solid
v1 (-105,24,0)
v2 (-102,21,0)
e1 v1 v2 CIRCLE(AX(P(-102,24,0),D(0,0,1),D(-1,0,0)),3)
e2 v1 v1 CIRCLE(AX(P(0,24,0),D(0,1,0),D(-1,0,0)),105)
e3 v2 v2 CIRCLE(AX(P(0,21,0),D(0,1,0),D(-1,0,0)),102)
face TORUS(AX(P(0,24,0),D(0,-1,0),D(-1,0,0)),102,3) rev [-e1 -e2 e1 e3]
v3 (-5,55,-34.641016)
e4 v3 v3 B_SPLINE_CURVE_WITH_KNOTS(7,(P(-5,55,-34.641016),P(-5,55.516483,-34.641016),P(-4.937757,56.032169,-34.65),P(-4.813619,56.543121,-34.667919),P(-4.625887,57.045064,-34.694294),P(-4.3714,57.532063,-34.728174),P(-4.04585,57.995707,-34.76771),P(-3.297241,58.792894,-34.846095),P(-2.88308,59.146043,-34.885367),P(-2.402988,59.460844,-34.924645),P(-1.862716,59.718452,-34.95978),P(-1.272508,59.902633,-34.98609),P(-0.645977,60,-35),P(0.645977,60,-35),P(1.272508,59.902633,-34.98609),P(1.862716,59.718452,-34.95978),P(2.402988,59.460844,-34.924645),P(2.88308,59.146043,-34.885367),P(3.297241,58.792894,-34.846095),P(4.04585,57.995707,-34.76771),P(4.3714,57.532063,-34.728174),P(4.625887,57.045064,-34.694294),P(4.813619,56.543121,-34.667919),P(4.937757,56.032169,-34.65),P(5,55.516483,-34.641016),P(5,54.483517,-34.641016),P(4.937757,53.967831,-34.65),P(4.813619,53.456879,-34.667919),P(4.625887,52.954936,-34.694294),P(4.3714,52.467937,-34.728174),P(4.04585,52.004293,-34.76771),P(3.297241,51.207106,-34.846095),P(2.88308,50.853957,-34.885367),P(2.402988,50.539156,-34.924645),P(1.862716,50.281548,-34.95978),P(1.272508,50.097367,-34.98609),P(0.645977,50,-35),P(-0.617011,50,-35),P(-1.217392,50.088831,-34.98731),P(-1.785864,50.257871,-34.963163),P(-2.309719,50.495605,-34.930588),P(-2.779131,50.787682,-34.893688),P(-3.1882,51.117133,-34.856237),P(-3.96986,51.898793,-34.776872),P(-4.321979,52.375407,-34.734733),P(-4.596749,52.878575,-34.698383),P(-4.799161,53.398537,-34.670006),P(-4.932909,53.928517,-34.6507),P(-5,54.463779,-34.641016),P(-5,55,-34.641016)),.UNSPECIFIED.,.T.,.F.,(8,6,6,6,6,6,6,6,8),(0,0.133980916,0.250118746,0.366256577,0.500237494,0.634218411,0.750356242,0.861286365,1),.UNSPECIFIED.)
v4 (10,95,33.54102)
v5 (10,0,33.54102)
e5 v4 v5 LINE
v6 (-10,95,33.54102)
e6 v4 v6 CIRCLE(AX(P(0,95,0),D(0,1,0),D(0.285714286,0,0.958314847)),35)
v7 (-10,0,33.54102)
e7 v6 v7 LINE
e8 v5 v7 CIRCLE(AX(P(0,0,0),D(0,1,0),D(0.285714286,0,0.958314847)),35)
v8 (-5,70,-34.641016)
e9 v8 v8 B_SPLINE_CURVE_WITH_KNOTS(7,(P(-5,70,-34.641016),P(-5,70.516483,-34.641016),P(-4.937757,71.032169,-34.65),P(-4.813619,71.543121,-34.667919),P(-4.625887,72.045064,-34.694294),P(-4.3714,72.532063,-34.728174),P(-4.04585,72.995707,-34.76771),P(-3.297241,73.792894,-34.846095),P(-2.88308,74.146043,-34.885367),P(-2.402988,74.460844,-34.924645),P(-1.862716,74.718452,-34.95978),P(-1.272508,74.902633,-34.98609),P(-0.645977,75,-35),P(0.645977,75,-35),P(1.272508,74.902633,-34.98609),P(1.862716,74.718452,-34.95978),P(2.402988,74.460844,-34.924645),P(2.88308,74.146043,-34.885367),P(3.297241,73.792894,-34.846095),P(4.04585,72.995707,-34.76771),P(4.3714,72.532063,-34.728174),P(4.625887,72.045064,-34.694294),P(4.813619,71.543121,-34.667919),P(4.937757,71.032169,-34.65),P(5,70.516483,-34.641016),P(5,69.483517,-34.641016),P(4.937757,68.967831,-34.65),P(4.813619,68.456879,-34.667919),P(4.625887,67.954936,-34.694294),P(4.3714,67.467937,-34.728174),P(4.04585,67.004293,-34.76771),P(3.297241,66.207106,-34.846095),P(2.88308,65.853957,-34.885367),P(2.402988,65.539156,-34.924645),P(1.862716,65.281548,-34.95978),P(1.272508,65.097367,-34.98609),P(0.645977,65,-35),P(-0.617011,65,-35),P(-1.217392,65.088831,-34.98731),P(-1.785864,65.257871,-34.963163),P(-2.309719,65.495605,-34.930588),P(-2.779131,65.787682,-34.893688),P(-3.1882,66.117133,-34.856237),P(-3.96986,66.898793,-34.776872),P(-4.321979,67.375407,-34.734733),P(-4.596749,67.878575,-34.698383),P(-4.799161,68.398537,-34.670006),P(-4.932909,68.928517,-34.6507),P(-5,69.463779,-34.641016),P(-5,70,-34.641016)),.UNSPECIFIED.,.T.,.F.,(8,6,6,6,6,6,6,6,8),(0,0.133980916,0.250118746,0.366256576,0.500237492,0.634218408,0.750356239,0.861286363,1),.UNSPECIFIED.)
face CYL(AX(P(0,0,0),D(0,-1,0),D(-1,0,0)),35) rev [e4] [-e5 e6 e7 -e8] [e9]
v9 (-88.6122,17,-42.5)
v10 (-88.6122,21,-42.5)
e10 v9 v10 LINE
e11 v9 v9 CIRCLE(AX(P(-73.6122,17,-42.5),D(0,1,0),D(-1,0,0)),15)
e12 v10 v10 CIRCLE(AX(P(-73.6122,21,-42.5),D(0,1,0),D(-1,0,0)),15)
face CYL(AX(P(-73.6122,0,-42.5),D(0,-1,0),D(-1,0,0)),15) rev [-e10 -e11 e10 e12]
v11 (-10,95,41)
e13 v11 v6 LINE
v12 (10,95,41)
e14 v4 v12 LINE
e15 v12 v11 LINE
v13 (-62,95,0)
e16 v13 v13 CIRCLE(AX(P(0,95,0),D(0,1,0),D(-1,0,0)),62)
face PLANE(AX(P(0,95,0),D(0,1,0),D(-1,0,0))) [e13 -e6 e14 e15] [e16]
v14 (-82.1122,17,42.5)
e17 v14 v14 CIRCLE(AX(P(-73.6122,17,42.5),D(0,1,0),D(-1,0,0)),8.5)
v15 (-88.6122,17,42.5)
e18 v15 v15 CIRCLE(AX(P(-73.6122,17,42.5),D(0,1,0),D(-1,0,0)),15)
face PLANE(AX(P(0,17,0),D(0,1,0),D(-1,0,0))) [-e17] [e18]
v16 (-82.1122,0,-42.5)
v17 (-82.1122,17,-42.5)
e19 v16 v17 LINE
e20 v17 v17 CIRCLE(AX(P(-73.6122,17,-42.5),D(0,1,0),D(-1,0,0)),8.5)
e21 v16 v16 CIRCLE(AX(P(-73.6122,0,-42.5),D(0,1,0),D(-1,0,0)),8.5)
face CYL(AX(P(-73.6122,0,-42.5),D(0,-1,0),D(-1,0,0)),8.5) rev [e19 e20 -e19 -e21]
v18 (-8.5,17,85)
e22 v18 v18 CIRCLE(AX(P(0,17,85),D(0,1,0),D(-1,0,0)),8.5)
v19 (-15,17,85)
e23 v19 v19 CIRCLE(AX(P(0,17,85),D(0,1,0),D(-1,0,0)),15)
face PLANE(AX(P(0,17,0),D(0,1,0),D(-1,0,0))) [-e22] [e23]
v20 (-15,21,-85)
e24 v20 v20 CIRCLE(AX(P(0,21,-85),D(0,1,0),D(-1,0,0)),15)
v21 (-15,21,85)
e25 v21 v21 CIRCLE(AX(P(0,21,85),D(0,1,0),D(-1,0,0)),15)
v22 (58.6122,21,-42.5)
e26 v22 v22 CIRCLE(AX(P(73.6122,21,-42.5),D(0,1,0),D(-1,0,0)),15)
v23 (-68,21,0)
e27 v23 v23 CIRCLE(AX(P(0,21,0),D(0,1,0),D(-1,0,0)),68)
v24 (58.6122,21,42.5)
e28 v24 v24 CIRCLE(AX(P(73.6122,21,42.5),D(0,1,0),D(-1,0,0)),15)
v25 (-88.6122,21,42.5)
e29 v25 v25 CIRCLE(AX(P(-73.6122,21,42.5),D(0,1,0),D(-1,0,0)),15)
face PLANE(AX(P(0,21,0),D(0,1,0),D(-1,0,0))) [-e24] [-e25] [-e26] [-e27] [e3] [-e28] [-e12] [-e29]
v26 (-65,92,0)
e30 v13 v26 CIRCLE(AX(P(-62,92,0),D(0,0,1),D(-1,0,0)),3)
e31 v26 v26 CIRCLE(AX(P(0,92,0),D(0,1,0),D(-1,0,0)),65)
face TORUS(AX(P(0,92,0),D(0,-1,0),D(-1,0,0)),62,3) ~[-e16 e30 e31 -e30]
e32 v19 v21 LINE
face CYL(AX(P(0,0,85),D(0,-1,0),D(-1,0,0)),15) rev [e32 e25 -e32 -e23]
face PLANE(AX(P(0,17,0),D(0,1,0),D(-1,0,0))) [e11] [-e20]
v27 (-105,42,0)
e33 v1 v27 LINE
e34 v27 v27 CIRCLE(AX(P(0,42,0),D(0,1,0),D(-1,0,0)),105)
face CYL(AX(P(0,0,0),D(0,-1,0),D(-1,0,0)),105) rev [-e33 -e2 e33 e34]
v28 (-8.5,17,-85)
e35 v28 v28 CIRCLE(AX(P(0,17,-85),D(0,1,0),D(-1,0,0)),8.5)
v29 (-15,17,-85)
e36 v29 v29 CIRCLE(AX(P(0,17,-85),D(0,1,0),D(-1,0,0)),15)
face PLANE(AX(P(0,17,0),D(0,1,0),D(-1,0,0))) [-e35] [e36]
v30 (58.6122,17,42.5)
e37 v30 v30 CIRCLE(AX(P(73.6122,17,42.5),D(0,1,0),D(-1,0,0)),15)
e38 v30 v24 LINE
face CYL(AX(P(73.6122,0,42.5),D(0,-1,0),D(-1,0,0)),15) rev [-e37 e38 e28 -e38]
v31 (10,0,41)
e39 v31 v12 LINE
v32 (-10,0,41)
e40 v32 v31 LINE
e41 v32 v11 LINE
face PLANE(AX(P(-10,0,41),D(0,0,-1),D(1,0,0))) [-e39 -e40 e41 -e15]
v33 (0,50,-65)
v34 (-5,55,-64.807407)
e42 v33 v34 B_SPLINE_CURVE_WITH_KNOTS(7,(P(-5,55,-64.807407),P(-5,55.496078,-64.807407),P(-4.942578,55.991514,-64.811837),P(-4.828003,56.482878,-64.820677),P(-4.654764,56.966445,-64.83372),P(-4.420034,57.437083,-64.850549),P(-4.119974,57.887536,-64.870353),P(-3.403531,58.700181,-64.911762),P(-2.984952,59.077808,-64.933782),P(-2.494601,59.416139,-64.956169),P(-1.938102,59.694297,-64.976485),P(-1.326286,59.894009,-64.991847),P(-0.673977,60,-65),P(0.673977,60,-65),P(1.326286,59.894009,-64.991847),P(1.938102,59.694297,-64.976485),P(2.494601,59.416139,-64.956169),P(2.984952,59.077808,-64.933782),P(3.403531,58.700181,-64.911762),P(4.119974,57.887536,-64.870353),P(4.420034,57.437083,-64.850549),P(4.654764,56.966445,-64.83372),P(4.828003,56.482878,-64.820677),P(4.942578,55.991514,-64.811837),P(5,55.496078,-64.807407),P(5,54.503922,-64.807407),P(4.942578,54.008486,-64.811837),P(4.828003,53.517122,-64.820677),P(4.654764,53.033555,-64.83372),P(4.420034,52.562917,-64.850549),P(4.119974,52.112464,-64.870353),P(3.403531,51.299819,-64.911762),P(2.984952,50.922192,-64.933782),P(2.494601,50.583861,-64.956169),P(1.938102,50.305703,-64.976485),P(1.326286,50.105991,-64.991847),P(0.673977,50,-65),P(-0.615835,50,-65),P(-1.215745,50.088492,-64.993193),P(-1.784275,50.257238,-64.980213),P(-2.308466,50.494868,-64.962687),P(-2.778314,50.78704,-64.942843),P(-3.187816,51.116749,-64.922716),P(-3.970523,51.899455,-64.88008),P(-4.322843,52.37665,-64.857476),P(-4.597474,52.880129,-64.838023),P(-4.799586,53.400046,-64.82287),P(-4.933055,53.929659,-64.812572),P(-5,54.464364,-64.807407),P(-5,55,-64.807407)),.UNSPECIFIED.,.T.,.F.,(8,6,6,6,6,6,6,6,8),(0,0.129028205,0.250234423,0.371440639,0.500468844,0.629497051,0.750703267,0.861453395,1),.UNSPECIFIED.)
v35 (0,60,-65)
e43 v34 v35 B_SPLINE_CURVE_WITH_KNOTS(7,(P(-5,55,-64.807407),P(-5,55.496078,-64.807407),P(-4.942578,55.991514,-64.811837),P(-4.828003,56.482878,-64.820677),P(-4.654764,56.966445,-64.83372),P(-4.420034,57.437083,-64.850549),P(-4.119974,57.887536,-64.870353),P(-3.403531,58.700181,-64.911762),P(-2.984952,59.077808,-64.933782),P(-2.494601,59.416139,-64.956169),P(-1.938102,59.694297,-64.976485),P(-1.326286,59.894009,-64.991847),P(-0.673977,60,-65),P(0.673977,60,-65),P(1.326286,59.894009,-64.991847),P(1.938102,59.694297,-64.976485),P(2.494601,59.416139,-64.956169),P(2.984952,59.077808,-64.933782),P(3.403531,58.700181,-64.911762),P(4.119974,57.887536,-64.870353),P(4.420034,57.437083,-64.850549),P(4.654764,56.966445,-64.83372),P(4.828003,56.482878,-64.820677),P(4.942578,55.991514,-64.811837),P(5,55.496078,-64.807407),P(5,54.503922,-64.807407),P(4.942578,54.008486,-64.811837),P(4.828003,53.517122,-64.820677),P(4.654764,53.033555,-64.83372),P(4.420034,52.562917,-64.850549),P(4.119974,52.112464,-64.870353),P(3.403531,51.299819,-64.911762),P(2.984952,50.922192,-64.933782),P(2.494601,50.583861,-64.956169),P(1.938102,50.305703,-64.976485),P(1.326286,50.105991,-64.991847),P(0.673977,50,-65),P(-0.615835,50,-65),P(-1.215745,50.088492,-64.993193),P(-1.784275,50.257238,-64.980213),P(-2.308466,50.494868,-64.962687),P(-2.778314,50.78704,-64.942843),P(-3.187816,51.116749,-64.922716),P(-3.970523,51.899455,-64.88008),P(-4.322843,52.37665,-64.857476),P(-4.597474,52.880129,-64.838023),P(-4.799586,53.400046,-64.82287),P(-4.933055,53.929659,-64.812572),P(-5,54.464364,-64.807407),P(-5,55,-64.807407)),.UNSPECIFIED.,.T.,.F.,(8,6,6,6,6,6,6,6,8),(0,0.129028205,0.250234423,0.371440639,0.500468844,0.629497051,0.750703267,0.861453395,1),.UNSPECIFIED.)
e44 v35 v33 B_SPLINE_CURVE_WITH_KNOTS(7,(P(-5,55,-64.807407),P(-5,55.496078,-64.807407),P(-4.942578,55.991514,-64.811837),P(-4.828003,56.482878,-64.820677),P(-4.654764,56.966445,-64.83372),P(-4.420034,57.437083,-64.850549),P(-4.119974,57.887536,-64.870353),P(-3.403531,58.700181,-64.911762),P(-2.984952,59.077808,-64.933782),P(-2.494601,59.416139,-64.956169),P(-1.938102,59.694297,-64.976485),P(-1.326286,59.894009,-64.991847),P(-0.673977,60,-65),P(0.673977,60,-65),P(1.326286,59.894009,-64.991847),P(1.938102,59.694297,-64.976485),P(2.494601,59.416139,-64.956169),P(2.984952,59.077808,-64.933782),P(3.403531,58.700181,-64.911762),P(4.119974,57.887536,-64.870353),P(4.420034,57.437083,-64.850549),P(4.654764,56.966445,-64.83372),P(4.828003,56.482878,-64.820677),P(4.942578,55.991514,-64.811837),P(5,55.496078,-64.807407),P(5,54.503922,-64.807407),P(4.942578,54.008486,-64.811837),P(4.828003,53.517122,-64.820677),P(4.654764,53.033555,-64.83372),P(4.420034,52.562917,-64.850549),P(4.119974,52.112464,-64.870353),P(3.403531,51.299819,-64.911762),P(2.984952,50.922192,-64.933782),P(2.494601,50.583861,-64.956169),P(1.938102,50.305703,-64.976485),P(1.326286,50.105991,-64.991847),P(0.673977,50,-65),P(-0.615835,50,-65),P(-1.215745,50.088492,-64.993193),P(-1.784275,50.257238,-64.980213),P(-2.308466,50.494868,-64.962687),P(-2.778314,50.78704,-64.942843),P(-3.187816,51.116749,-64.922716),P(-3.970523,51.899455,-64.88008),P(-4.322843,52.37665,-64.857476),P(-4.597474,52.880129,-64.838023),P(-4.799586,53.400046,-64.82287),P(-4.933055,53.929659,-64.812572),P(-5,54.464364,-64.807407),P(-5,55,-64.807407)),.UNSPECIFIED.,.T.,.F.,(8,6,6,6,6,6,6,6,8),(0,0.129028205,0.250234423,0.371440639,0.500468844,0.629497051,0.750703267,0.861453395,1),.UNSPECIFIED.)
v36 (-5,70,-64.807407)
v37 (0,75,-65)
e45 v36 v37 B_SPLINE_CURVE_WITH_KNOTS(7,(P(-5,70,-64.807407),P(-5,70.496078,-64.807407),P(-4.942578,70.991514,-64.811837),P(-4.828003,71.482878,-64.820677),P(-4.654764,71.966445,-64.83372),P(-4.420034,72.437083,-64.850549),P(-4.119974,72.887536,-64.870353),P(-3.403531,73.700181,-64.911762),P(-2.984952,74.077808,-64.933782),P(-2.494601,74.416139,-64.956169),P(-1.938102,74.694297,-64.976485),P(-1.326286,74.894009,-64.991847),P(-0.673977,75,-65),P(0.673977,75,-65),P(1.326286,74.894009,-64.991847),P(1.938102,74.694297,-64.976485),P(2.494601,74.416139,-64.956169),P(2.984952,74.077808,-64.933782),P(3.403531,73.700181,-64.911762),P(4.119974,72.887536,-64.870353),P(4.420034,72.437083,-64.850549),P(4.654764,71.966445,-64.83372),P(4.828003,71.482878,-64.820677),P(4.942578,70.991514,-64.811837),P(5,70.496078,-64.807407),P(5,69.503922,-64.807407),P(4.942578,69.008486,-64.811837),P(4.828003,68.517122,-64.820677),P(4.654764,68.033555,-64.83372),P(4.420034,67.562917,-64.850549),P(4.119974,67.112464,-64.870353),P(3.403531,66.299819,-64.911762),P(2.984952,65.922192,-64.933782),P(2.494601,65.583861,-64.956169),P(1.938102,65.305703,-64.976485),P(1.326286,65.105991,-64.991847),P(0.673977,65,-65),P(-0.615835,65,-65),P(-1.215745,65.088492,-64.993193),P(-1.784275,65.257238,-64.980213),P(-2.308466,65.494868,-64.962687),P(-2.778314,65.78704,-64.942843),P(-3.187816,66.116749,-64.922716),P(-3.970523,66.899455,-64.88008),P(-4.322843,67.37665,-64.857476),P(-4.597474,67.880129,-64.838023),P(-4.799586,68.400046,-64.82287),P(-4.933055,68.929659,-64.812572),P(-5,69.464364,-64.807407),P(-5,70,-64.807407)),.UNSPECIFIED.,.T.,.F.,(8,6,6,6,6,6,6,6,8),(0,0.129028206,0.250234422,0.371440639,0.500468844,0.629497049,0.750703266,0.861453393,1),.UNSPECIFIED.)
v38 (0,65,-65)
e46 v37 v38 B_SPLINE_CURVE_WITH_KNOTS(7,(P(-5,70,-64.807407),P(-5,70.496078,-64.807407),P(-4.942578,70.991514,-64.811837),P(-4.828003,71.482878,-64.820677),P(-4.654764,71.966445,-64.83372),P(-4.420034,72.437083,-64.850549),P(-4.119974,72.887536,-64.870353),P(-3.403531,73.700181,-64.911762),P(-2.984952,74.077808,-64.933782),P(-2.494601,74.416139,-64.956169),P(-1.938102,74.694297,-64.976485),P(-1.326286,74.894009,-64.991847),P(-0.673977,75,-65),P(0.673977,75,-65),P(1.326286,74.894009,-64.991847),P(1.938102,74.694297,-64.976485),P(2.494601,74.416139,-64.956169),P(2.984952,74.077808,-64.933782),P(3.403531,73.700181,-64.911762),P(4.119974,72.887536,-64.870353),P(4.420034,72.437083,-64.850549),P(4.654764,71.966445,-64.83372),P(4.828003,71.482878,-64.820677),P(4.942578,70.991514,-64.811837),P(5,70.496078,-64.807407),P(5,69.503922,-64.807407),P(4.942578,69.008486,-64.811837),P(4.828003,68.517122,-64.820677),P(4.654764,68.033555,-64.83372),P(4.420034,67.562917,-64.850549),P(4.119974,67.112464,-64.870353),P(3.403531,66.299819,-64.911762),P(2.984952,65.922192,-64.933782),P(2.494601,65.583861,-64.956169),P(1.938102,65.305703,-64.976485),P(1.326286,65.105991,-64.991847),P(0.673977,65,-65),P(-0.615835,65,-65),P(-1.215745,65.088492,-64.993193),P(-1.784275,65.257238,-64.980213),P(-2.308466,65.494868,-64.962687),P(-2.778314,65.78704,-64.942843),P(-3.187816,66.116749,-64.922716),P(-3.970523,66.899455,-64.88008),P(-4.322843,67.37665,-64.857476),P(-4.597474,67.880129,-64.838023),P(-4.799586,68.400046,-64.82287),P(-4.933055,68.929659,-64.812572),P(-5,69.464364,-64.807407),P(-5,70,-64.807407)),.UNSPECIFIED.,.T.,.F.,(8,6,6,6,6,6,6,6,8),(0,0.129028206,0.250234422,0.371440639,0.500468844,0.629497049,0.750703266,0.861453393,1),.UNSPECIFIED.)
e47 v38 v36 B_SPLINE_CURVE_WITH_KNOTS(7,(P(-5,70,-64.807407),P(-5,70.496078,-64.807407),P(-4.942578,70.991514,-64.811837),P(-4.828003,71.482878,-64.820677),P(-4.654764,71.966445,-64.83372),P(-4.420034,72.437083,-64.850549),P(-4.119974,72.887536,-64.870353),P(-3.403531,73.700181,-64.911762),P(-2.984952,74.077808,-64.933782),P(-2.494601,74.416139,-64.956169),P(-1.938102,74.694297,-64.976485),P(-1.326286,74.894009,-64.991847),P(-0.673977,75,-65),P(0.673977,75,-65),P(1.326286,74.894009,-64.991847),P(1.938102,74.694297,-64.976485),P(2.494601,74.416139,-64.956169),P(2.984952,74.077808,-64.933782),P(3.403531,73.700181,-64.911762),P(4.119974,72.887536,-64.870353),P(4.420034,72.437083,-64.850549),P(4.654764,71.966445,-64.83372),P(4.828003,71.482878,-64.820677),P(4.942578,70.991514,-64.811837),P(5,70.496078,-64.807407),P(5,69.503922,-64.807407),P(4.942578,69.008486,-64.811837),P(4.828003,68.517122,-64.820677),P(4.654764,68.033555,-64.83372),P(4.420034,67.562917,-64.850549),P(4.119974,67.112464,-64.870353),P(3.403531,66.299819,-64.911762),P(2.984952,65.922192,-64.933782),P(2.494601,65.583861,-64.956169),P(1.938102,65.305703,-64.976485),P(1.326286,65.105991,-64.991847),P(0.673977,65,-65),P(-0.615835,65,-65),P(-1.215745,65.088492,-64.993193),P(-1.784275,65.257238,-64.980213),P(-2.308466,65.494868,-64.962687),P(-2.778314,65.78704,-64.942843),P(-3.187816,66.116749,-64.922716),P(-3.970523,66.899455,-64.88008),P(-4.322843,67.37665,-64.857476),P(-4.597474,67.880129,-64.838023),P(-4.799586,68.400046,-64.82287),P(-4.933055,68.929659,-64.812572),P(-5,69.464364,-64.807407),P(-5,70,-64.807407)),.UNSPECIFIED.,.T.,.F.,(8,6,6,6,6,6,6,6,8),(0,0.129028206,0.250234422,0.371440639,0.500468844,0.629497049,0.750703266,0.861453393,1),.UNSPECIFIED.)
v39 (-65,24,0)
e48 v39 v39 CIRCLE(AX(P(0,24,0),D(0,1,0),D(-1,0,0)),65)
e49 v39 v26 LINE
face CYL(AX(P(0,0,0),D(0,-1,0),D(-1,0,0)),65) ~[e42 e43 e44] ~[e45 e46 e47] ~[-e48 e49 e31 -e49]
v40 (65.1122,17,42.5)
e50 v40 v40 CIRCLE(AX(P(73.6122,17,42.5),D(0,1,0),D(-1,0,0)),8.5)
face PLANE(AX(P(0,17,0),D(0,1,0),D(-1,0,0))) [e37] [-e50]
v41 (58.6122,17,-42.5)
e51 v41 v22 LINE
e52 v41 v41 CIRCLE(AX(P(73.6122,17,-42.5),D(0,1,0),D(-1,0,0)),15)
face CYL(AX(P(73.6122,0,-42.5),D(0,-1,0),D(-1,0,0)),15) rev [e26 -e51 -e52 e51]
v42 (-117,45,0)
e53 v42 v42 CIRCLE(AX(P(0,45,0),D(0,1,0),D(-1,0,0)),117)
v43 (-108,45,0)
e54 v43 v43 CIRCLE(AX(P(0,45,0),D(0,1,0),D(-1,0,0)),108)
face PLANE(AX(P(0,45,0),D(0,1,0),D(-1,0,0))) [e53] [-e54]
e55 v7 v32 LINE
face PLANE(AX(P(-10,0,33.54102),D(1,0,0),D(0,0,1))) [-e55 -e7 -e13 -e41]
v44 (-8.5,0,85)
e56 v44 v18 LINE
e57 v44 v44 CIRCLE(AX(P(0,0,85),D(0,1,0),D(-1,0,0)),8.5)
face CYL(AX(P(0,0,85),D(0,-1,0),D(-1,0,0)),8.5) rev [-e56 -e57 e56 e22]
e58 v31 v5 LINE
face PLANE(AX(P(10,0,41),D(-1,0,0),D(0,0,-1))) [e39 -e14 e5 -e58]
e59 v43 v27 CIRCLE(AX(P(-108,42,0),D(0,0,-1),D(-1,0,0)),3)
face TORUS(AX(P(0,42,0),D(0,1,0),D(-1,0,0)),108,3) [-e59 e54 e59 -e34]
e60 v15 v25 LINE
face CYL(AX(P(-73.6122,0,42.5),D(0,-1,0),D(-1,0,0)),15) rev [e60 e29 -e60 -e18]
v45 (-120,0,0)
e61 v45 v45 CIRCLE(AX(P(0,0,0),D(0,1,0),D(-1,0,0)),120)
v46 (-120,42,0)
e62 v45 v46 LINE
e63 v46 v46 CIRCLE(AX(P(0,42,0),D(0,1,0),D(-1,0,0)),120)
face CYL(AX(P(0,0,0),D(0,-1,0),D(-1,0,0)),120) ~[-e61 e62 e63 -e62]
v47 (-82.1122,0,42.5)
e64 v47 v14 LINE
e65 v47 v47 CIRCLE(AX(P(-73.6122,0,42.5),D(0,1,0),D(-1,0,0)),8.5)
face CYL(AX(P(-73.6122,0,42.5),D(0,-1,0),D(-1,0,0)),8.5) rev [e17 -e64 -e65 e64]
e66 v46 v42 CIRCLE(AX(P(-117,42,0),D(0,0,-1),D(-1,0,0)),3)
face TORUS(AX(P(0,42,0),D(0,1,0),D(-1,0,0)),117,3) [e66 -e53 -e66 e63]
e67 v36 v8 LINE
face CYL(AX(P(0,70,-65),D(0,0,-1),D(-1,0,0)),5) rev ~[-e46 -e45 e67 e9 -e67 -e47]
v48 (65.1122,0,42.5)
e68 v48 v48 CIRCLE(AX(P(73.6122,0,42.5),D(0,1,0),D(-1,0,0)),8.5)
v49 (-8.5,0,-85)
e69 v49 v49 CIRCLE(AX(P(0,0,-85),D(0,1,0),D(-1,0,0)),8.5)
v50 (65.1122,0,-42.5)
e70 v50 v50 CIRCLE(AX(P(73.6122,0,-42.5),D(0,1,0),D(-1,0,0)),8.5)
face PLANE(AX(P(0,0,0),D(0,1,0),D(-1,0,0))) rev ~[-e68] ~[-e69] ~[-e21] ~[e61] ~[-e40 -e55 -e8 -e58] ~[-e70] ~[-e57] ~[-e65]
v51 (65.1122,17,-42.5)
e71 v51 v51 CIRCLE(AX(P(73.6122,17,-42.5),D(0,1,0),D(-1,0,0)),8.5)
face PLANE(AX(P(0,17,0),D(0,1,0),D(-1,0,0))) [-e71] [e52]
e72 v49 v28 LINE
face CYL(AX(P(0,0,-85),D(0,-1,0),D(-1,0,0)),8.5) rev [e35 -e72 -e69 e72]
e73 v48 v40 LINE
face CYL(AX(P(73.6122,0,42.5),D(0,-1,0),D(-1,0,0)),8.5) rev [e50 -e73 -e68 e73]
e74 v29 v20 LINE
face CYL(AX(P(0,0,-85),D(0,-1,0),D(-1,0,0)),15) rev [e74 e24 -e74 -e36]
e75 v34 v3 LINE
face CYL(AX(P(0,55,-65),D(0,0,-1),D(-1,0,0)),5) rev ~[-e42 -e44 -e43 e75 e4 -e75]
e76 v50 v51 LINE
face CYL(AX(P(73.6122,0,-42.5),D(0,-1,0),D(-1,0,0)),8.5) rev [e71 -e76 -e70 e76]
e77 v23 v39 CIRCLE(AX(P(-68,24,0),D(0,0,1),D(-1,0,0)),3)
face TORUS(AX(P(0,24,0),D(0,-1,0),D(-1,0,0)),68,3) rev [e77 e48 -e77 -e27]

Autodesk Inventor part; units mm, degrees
ref_plane "YZ Plane" through (0, 0, 0) normal (1, 0, 0) x (0, 1, 0)
ref_plane "XZ Plane" through (0, 0, 0) normal (0, 1, 0) x (-1, 0, 0)
ref_plane "XY Plane" through (0, 0, 0) normal (0, 0, 1) x (1, 0, 0)
sketch "Náčrt1" plane through (0, 0, 0) normal (0, 1, 0) x (-1, 0, 0)
  circle A0 centre (0, 0) radius 120
  circle A1 centre (0, 0) radius 105
  circle A2 centre (0, 0) radius 35
  circle A3 centre (0, 0) radius 65
  line L0 (0, -65) -> (0, -105) construction
  circle A4 centre (0, -85) radius 8.5
  circle A5 centre (73.6122, -42.5) radius 8.5
  circle A6 centre (73.6122, 42.5) radius 8.5
  circle A7 centre (0, 85) radius 8.5
  circle A8 centre (-73.6122, 42.5) radius 8.5
  circle A9 centre (-73.6122, -42.5) radius 8.5
  circle A10 centre (0, -85) radius 15
  circle A11 centre (73.6122, -42.5) radius 15
  circle A12 centre (73.6122, 42.5) radius 15
  circle A13 centre (0, 85) radius 15
  circle A14 centre (-73.6122, 42.5) radius 15
  circle A15 centre (-73.6122, -42.5) radius 15
  dimension "d1" = 210
  dimension "d3" = 130
  dimension "d0" = 240
  dimension "d2" = 70
  dimension "d25" = 17
  dimension "d28" = 360
  dimension "d38" = 30
  dimension "d41" = 360
  dimension "d46" = 40
extrude "Vysunutí1" add sketch "Náčrt1" along normal blind 95 contours A3
extrude "Vysunutí2" add sketch "Náčrt1" along normal blind 21 contours A1
extrude "Vysunutí3" add sketch "Náčrt1" along normal blind 45 contours A0
sketch "Náčrt3" plane through (0, 0, 0) normal (0, -1, 0) x (1, 0, 0)
  line L0 (-10, 41) -> (10, 41)
  line L1 (10, 41) -> (10, 29)
  line L2 (10, 29) -> (-10, 29)
  line L3 (-10, 29) -> (-10, 41)
  circle A0 centre (0, 0) radius 35 projected
  line L4 (-10, 41) -> (10, 29) construction
  line L5 (10, 41) -> (-10, 29) construction
  point P0 (0, 35)
  point P1 (0, 29)
  dimension "d18" = 20
  dimension "d19" = 12
  dimension "d20" = 29
extrude "Vysunutí5" cut sketch "Náčrt3" against normal through all contours L0 L1 A0 L3 | A0 L1 L2 L3 picked at (1.1251, 30.9456)
fillet "Fillet1" radius 3 5 edges at (105, 21, 0) (65, 21, 0) (105, 45, 0) (120, 45, 0) (65, 95, 0)
ref_plane "Work Plane1" through (10, 0, -65) normal (0, 0, -1) x (-1, 0, 0)
sketch "Sketch4" plane through (10, 0, -65) normal (0, 0, -1) x (-1, 0, 0)
  line L0 (10, 0) -> (10, 95)
  line L1 (-25, 95) -> (45, 95) projected
  circle A0 centre (10, 55) radius 5
  line L2 (130, 0) -> (-110, 0) projected
  circle A1 centre (10, 70) radius 5
  point P0 (20, 95)
  point P1 (0, 95)
  dimension "d35" = 55
  dimension "d45" = 10
  dimension "d47" = 15
extrude "Extrusion6" cut sketch "Sketch4" against normal blind 35
extrude "Extrusion7" add sketch "Náčrt1" along normal blind 17 contours A10 | A11 | A12 | A13 | A14 | A15
properties part number "projektspojkas2v1" material "Sedá litina (42 2420)"
